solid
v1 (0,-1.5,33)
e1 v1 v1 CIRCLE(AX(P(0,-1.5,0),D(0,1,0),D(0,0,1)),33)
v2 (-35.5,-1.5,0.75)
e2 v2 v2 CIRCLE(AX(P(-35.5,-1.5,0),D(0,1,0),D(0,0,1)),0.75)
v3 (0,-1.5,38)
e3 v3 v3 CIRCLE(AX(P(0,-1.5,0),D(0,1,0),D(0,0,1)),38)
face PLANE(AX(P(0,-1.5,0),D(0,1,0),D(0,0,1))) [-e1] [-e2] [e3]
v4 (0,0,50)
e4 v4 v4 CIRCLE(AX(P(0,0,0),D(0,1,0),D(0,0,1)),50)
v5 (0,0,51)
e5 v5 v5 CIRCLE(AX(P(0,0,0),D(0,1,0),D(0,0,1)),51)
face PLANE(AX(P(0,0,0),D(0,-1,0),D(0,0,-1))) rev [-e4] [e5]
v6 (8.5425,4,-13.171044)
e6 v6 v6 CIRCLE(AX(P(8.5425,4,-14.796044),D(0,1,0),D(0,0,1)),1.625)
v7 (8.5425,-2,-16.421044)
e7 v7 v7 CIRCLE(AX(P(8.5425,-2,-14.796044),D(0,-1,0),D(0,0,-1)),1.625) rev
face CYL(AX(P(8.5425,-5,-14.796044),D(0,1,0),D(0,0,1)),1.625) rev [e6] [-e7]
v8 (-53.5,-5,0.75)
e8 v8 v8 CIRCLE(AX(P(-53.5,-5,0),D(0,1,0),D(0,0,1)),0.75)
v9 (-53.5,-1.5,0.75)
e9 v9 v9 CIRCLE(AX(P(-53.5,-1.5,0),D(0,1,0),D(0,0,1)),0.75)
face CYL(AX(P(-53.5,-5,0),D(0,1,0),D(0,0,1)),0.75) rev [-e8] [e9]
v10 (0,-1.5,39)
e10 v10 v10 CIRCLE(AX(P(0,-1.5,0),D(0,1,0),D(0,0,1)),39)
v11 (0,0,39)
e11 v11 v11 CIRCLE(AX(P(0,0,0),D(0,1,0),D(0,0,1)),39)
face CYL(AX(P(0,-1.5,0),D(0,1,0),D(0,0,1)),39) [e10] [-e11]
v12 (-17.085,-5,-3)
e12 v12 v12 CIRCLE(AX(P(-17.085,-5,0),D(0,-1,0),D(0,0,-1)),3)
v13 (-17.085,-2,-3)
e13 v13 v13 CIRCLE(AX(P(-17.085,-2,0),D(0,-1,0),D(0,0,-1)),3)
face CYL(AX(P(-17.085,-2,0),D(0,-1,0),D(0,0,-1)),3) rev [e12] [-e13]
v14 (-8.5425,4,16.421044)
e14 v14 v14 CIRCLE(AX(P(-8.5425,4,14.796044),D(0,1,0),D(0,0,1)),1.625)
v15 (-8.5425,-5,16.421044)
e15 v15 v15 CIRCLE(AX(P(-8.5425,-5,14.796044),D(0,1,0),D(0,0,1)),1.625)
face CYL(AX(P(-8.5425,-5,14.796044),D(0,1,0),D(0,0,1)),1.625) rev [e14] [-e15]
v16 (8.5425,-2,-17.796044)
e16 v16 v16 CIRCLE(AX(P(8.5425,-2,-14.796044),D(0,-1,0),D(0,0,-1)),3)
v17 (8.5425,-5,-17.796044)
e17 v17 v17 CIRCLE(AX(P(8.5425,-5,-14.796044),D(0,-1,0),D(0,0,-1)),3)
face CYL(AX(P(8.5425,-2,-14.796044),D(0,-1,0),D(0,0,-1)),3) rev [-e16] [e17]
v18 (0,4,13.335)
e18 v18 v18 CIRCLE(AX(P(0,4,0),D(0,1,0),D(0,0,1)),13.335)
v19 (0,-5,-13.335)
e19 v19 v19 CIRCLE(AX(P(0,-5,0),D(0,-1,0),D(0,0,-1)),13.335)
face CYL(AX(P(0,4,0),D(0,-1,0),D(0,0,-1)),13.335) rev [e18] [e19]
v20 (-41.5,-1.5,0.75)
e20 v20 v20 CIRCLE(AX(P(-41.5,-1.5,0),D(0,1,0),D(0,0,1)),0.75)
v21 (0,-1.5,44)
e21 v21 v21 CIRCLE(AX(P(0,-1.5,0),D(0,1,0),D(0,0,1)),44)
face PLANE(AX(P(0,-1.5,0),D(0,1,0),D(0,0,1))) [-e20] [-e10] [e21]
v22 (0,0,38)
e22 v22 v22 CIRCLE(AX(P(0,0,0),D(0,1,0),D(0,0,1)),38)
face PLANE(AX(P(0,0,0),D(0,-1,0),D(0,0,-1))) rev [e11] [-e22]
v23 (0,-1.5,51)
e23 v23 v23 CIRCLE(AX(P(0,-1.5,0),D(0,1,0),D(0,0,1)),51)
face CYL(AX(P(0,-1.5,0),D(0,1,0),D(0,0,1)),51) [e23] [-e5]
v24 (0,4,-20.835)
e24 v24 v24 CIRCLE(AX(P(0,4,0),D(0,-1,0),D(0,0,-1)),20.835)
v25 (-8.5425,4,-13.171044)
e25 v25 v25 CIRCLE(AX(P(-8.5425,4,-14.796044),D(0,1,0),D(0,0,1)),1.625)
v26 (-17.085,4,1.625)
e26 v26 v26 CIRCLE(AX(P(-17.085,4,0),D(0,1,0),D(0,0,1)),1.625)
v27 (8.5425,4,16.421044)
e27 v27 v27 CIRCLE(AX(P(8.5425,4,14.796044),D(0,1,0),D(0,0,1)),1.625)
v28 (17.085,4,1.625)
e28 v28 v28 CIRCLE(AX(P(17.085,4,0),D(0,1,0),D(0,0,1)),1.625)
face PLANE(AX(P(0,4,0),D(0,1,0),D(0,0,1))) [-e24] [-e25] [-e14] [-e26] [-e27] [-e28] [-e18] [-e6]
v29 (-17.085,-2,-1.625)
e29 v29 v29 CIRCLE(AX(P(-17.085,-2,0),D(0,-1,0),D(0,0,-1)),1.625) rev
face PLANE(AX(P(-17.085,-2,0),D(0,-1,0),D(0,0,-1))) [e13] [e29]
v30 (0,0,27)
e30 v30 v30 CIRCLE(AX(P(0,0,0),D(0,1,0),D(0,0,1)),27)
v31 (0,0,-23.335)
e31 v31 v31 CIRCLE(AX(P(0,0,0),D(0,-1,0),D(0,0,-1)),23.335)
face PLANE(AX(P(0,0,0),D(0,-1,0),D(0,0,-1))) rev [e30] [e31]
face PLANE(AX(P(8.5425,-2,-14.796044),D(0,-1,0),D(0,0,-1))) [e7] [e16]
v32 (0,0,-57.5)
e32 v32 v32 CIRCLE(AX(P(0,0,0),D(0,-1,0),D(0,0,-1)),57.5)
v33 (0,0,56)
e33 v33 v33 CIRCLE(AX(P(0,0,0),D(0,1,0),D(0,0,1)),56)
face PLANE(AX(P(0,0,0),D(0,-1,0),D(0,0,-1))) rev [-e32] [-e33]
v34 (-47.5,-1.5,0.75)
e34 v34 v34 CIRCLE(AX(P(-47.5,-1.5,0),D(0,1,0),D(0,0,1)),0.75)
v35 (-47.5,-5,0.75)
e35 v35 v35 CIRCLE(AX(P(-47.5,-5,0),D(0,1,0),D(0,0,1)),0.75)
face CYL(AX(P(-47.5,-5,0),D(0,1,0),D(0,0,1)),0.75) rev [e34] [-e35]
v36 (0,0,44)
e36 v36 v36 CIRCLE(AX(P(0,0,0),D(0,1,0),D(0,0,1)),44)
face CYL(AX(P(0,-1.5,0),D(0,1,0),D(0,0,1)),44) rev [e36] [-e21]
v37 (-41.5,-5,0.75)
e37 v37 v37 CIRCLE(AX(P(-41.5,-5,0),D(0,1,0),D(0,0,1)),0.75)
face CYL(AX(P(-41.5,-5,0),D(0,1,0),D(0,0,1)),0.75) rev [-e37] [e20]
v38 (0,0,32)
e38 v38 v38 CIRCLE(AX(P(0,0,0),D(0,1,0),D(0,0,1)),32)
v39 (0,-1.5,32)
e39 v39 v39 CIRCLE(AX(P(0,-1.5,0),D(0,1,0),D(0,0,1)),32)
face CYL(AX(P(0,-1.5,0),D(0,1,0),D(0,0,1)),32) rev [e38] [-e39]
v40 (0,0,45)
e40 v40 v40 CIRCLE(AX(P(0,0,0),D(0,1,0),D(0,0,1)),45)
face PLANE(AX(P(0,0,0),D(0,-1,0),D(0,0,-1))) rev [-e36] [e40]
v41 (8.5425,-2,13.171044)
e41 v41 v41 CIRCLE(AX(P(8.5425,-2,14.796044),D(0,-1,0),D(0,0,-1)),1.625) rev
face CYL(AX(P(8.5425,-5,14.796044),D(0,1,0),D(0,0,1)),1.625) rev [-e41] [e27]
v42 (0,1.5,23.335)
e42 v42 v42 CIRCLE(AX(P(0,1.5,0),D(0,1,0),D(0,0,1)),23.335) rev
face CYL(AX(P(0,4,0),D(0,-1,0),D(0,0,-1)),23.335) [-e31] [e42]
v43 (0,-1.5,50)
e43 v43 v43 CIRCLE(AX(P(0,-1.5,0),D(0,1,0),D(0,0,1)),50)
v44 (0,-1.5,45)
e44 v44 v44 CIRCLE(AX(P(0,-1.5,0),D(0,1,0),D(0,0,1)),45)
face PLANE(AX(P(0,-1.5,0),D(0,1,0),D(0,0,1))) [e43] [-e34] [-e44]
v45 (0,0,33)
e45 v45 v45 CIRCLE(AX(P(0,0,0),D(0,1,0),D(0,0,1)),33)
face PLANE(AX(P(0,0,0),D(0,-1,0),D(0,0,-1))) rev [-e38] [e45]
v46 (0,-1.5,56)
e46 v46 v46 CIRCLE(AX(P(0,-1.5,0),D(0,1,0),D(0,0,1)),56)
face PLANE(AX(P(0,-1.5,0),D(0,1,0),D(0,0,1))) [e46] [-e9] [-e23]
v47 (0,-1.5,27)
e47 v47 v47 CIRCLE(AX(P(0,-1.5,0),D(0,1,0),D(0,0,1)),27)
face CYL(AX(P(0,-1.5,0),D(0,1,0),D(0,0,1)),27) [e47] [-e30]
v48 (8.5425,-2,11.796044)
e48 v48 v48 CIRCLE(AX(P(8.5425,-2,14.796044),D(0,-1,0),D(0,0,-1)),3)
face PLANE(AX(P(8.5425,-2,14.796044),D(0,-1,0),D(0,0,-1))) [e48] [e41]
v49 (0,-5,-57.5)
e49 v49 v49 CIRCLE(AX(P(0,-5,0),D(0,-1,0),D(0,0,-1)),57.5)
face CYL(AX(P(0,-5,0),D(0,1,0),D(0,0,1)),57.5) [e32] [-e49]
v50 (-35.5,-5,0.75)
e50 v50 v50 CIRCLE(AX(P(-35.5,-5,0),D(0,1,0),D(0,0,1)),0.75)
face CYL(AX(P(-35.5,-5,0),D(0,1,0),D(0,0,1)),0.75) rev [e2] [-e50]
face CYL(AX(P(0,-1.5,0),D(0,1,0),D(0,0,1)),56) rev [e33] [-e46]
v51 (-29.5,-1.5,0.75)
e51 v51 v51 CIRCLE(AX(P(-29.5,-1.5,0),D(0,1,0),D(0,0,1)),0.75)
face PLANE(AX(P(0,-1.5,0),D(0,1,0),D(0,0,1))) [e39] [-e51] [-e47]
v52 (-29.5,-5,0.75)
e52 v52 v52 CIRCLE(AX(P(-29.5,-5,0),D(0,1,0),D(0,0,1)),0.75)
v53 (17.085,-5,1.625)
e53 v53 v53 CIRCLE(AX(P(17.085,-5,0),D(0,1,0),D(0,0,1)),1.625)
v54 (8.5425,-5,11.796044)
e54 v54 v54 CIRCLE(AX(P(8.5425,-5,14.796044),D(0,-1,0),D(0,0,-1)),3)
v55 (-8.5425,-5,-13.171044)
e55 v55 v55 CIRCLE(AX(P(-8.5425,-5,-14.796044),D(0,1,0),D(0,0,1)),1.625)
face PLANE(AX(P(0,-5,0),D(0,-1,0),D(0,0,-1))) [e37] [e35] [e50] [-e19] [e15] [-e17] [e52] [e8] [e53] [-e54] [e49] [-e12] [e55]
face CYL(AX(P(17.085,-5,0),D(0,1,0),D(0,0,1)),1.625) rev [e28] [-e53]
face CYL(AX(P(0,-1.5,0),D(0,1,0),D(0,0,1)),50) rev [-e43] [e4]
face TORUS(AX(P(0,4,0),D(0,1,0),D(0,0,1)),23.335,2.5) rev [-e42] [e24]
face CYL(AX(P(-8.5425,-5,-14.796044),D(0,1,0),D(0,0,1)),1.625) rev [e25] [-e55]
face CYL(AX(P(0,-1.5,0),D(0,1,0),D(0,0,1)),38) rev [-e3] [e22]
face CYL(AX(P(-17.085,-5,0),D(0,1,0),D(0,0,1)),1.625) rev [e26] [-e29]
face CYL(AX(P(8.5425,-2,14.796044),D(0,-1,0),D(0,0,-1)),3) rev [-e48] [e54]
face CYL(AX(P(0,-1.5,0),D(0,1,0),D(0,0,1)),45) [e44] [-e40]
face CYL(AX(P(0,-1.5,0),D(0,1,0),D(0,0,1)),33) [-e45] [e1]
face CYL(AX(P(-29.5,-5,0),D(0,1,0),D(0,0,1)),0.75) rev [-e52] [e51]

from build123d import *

# Parameters (mm, degrees)
SKETCH1_R           = 23.335
SKETCH1_R_2         = 13.335
BOSS_EXTRUDE1_DEPTH = 4
SKETCH3_R           = 57.5
SKETCH3_R_2         = 13.335
BOSS_EXTRUDE2_DEPTH = 5
SKETCH4_R           = 56
SKETCH4_R_2         = 51
SKETCH4_R_3         = 50
SKETCH4_R_4         = 45
SKETCH4_R_5         = 44
SKETCH4_R_6         = 39
SKETCH4_R_7         = 38
SKETCH4_R_8         = 33
SKETCH4_R_9         = 32
SKETCH4_R_10        = 27
CUT_EXTRUDE2_DEPTH  = 1.5
SKETCH5_R           = 2.5
SKETCH2_R           = 1.625
CUT_EXTRUDE1_DEPTH  = 82.813813015
SKETCH6_R           = 0.75
CUT_EXTRUDE3_DEPTH  = 82.503067427
SKETCH7_R           = 3
CUT_EXTRUDE4_DEPTH  = 3


with BuildPart() as part:
    # Sketch1 → Boss-Extrude1 (new body)
    with BuildSketch(Plane(origin=(0, 0, 0), x_dir=(1, 0, 0), z_dir=(0, 1, 0))):
        with Locations(Location((0, 0, 0), (0, 0, 270))):
            Circle(SKETCH1_R)
        with Locations(Location((0, 0, 0), (0, 0, 270))):
            Circle(SKETCH1_R_2, mode=Mode.SUBTRACT)
    extrude(amount=BOSS_EXTRUDE1_DEPTH)

    # Sketch3 → Boss-Extrude2 (add)
    with BuildSketch(Plane.XZ):
        with Locations(Location((0, 0, 0), (0, 0, 270))):
            Circle(SKETCH3_R)
        with Locations(Location((0, 0, 0), (0, 0, 270))):
            Circle(SKETCH3_R_2, mode=Mode.SUBTRACT)
    extrude(amount=BOSS_EXTRUDE2_DEPTH)

    # Sketch4 → Cut-Extrude2 (cut)
    with BuildSketch(Plane(origin=(0, 0, 0), x_dir=(1, 0, 0), z_dir=(0, 1, 0))):
        with Locations(Location((0, 0, 0), (0, 0, 270))):
            Circle(SKETCH4_R)
        with Locations(Location((0, 0, 0), (0, 0, 270))):
            Circle(SKETCH4_R_2, mode=Mode.SUBTRACT)
        with Locations(Location((0, 0, 0), (0, 0, 270))):
            Circle(SKETCH4_R_3)
        with Locations(Location((0, 0, 0), (0, 0, 270))):
            Circle(SKETCH4_R_4, mode=Mode.SUBTRACT)
        with Locations(Location((0, 0, 0), (0, 0, 270))):
            Circle(SKETCH4_R_5)
        with Locations(Location((0, 0, 0), (0, 0, 270))):
            Circle(SKETCH4_R_6, mode=Mode.SUBTRACT)
        with Locations(Location((0, 0, 0), (0, 0, 270))):
            Circle(SKETCH4_R_7)
        with Locations(Location((0, 0, 0), (0, 0, 270))):
            Circle(SKETCH4_R_8, mode=Mode.SUBTRACT)
        with Locations(Location((0, 0, 0), (0, 0, 270))):
            Circle(SKETCH4_R_9)
        with Locations(Location((0, 0, 0), (0, 0, 270))):
            Circle(SKETCH4_R_10, mode=Mode.SUBTRACT)
    extrude(amount=-CUT_EXTRUDE2_DEPTH, mode=Mode.SUBTRACT)

    # Sketch5 → Cut-Revolve1 (revolve, cut)
    with BuildSketch(Plane.XY, mode=Mode.PRIVATE) as cut_revolve1_sk:
        with Locations((-23.335, 4)):
            Circle(SKETCH5_R)
    revolve(cut_revolve1_sk.sketch.rotate(Axis((0, 4, 0), (0, -1, 0)), 90), axis=Axis((0, 4, 0), (0, -1, 0)), mode=Mode.SUBTRACT)

    # Sketch2 → Cut-Extrude1 (cut, through all)
    with BuildSketch(Plane(origin=(0, 4, 0), x_dir=(1, 0, 0), z_dir=(0, 1, 0))):
        with Locations(Location((-8.5425, 14.796044024, 0), (0, 0, 270))):
            Circle(SKETCH2_R)
        with Locations(Location((-17.085, 0, 0), (0, 0, 270))):
            Circle(SKETCH2_R)
        with Locations(Location((-8.5425, -14.796044024, 0), (0, 0, 270))):
            Circle(SKETCH2_R)
        with Locations(Location((8.5425, -14.796044024, 0), (0, 0, 270))):
            Circle(SKETCH2_R)
        with Locations(Location((17.085, 0, 0), (0, 0, 270))):
            Circle(SKETCH2_R)
        with Locations(Location((8.5425, 14.796044024, 0), (0, 0, 270))):
            Circle(SKETCH2_R)
    extrude(amount=-CUT_EXTRUDE1_DEPTH, mode=Mode.SUBTRACT)

    # Sketch6 → Cut-Extrude3 (cut, through all)
    with BuildSketch(Plane(origin=(0, -1.5, 0), x_dir=(1, 0, 0), z_dir=(0, 1, 0))):
        with Locations(Location((-53.5, 0, 0), (0, 0, 270))):
            Circle(SKETCH6_R)
        with Locations(Location((-47.5, 0, 0), (0, 0, 270))):
            Circle(SKETCH6_R)
        with Locations(Location((-41.5, 0, 0), (0, 0, 270))):
            Circle(SKETCH6_R)
        with Locations(Location((-35.5, 0, 0), (0, 0, 270))):
            Circle(SKETCH6_R)
        with Locations(Location((-29.5, 0, 0), (0, 0, 270))):
            Circle(SKETCH6_R)
    extrude(amount=-CUT_EXTRUDE3_DEPTH, mode=Mode.SUBTRACT)

    # Sketch7 → Cut-Extrude4 (cut)
    with BuildSketch(Plane.XZ.offset(5)):
        with Locations(Location((-17.085, 0, 0), (0, 0, 270))):
            Circle(SKETCH7_R)
        with Locations(Location((8.5425, -14.796044024, 0), (0, 0, 270))):
            Circle(SKETCH7_R)
        with Locations(Location((8.5425, 14.796044024, 0), (0, 0, 270))):
            Circle(SKETCH7_R)
    extrude(amount=-CUT_EXTRUDE4_DEPTH, mode=Mode.SUBTRACT)


solid = part.part
